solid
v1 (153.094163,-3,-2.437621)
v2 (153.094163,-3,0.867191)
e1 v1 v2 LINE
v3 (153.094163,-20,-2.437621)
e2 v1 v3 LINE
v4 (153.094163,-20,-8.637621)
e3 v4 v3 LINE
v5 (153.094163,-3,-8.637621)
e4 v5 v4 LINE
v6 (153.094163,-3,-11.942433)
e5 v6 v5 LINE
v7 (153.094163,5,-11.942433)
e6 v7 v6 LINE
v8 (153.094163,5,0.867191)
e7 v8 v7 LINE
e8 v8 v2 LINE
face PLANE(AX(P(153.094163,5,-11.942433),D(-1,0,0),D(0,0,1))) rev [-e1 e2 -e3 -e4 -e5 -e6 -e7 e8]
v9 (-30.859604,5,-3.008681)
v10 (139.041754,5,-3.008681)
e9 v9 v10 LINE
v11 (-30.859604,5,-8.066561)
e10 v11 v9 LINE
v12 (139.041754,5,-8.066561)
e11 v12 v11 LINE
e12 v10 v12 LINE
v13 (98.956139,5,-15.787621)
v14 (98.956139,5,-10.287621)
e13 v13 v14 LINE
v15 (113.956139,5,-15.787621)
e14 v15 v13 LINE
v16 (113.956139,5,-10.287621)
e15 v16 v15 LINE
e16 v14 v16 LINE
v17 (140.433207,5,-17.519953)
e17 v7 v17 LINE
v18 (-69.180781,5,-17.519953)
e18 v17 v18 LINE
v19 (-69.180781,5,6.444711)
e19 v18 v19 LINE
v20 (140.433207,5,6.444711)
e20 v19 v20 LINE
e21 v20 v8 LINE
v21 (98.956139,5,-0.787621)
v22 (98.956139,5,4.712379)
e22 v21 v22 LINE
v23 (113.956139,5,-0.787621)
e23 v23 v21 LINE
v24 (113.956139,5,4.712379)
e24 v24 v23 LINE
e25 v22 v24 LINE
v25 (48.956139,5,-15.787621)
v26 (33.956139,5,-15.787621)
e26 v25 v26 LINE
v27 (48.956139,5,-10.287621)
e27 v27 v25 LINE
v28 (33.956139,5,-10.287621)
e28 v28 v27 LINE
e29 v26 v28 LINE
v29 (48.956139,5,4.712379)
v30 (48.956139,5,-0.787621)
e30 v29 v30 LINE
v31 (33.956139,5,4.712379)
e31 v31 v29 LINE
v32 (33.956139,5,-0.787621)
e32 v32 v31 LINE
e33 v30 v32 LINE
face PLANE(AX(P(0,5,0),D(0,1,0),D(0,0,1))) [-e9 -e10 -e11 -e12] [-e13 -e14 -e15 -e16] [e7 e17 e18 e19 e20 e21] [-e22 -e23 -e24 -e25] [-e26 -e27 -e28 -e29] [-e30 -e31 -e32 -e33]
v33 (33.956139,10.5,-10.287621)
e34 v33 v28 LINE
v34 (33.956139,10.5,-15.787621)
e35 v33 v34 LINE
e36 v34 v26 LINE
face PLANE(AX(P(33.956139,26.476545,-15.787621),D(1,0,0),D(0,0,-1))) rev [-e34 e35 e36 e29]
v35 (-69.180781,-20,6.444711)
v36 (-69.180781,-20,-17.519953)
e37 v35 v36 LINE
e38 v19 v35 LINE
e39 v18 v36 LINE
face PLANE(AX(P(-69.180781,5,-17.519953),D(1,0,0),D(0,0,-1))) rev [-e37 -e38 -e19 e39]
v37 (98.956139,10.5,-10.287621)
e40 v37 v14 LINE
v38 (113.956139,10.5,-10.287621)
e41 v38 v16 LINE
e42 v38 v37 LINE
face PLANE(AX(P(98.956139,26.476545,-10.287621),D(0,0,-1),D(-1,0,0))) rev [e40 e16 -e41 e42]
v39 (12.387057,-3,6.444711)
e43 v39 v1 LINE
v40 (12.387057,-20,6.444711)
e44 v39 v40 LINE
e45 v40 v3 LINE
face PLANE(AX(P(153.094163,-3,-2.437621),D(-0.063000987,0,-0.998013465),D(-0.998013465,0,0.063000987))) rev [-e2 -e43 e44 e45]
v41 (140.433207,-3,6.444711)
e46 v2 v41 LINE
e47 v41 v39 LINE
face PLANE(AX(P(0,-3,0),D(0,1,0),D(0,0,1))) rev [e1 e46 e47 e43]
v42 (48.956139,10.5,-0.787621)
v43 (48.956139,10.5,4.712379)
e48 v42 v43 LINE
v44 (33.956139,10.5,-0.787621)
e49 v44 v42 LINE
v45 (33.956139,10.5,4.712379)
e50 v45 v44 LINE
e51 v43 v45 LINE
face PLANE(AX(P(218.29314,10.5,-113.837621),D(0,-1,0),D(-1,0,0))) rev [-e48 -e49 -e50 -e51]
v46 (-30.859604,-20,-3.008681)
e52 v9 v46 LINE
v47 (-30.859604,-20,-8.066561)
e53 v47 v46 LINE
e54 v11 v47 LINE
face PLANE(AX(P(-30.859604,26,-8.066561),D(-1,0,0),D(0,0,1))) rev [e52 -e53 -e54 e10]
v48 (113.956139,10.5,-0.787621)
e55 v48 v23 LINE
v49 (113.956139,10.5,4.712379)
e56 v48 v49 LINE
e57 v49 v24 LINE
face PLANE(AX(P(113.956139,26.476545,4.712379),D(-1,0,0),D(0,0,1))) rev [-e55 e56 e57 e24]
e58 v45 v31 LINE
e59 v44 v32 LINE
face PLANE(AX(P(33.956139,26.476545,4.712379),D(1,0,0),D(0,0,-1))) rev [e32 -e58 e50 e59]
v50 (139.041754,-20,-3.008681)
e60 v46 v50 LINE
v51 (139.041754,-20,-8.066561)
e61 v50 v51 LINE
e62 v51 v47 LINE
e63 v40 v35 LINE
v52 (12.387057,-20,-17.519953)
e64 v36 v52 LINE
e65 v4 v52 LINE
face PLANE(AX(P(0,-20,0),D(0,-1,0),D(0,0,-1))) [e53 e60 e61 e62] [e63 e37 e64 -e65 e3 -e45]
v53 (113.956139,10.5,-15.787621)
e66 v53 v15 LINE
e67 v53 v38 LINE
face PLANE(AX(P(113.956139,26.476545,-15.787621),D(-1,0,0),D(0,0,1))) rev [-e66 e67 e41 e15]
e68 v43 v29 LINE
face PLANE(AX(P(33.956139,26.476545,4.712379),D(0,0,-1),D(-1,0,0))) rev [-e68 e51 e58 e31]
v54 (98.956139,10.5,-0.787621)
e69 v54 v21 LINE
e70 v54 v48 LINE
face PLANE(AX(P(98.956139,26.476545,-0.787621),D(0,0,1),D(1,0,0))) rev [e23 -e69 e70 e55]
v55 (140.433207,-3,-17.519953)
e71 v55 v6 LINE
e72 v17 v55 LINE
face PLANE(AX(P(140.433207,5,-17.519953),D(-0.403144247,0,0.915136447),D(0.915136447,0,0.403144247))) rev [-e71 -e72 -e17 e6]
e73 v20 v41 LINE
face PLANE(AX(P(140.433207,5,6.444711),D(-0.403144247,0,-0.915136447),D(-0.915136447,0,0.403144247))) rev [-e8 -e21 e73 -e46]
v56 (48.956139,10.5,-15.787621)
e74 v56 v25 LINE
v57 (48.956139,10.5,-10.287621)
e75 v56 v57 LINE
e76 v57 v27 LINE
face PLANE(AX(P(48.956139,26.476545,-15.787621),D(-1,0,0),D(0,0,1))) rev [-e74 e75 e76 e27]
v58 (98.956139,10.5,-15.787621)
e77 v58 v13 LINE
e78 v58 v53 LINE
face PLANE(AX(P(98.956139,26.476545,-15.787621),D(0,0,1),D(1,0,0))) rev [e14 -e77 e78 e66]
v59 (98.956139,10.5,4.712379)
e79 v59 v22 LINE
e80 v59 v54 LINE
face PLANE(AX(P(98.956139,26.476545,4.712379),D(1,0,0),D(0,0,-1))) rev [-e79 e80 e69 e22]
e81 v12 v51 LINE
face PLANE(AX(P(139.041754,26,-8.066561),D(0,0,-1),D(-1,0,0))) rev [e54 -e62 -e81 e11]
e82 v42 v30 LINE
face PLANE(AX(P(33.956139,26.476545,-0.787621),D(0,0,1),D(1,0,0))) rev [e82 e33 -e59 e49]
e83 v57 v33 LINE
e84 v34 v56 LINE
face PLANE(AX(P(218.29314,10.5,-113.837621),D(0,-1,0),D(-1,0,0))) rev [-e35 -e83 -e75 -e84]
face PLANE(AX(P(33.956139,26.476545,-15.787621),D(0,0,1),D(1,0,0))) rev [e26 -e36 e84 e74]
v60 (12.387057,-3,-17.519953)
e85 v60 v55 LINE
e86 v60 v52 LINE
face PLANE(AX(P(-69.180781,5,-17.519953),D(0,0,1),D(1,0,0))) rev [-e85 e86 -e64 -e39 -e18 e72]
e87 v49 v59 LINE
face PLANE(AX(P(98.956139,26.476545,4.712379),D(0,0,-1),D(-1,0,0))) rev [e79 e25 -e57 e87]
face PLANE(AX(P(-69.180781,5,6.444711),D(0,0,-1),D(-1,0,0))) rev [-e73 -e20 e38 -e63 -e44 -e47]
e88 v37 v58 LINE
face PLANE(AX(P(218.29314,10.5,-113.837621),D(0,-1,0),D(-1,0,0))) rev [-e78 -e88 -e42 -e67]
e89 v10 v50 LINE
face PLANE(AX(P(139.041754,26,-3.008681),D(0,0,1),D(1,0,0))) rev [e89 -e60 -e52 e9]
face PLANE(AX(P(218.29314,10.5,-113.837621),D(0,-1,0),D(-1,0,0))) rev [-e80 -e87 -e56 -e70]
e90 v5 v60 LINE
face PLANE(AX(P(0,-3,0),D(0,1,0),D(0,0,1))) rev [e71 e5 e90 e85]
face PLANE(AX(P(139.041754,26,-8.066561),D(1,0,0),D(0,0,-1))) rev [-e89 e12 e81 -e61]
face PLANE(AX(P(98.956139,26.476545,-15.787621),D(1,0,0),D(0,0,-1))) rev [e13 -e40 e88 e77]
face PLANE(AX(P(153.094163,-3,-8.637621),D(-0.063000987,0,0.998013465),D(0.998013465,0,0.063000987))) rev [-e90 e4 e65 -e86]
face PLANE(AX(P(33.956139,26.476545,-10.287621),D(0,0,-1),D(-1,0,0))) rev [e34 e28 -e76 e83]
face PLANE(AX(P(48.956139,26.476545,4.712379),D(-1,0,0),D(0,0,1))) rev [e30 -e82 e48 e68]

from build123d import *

# Parameters (mm, degrees)
BOSS_EXTRUDE1_DEPTH = 5
SKETCH2_W           = 169.901358226
SKETCH2_H           = 5.057880692
CUT_EXTRUDE1_DEPTH  = 26
SKETCH3_W           = 15
SKETCH3_H           = 5.5
BOSS_EXTRUDE2_DEPTH = 5.5
SKETCH4_W           = 169.901358226
SKETCH4_H           = 5.057880692
BOSS_EXTRUDE3_DEPTH = 20
CUT_EXTRUDE5_DEPTH  = 17


with BuildPart() as part:
    # Sketch1 → Boss-Extrude1 (new body)
    with BuildSketch(Plane(origin=(0, 0, 0), x_dir=(1, 0, 0), z_dir=(0, 1, 0))):
        Polygon((-69.180780697, 17.519952768), (140.433207055, 17.519952768), (153.094163244, 11.942432967), (153.094163244, -0.867190791), (140.433207055, -6.444710592), (-69.180780697, -6.444710592), align=None)
    extrude(amount=BOSS_EXTRUDE1_DEPTH)

    # Sketch2 → Cut-Extrude1 (cut)
    with BuildSketch(Plane.XZ):
        with Locations((54.091074894, -5.537621088)):
            Rectangle(SKETCH2_W, SKETCH2_H)
    extrude(amount=-CUT_EXTRUDE1_DEPTH, mode=Mode.SUBTRACT)

    # Sketch3 → Boss-Extrude2 (add)
    with BuildSketch(Plane(origin=(0, 5, 0), x_dir=(1, 0, 0), z_dir=(0, 1, 0))):
        with Locations((106.456138521, 13.037621088)):
            Rectangle(SKETCH3_W, SKETCH3_H)
        with Locations((106.456138521, -1.962378912)):
            Rectangle(SKETCH3_W, SKETCH3_H)
        with Locations((41.456138521, -1.962378912)):
            Rectangle(SKETCH3_W, SKETCH3_H)
        with Locations((41.456138521, 13.037621088)):
            Rectangle(SKETCH3_W, SKETCH3_H)
    extrude(amount=BOSS_EXTRUDE2_DEPTH)

    # Sketch4 → Boss-Extrude3 (add)
    with BuildSketch(Plane.XZ):
        Polygon((-69.180780697, 6.444710592), (-69.180780697, -17.519952768), (140.433207055, -17.519952768), (153.094163244, -11.942432967), (153.094163244, 0.867190791), (140.433207055, 6.444710592), align=None)
        with Locations((54.091074894, -5.537621088)):
            Rectangle(SKETCH4_W, SKETCH4_H, mode=Mode.SUBTRACT)
    extrude(amount=BOSS_EXTRUDE3_DEPTH)

    # Sketch7 → Cut-Extrude5 (cut)
    with BuildSketch(Plane.XZ.offset(20)):
        Polygon((12.387057353, -17.519952768), (140.433207055, -17.519952768), (153.094163244, -11.942432967), (153.094163244, -8.637621088), align=None)
        Polygon((153.094163244, -2.437621088), (153.094163244, 0.867190791), (140.433207055, 6.444710592), (12.387057353, 6.444710592), align=None)
    extrude(amount=-CUT_EXTRUDE5_DEPTH, mode=Mode.SUBTRACT)


solid = part.part
